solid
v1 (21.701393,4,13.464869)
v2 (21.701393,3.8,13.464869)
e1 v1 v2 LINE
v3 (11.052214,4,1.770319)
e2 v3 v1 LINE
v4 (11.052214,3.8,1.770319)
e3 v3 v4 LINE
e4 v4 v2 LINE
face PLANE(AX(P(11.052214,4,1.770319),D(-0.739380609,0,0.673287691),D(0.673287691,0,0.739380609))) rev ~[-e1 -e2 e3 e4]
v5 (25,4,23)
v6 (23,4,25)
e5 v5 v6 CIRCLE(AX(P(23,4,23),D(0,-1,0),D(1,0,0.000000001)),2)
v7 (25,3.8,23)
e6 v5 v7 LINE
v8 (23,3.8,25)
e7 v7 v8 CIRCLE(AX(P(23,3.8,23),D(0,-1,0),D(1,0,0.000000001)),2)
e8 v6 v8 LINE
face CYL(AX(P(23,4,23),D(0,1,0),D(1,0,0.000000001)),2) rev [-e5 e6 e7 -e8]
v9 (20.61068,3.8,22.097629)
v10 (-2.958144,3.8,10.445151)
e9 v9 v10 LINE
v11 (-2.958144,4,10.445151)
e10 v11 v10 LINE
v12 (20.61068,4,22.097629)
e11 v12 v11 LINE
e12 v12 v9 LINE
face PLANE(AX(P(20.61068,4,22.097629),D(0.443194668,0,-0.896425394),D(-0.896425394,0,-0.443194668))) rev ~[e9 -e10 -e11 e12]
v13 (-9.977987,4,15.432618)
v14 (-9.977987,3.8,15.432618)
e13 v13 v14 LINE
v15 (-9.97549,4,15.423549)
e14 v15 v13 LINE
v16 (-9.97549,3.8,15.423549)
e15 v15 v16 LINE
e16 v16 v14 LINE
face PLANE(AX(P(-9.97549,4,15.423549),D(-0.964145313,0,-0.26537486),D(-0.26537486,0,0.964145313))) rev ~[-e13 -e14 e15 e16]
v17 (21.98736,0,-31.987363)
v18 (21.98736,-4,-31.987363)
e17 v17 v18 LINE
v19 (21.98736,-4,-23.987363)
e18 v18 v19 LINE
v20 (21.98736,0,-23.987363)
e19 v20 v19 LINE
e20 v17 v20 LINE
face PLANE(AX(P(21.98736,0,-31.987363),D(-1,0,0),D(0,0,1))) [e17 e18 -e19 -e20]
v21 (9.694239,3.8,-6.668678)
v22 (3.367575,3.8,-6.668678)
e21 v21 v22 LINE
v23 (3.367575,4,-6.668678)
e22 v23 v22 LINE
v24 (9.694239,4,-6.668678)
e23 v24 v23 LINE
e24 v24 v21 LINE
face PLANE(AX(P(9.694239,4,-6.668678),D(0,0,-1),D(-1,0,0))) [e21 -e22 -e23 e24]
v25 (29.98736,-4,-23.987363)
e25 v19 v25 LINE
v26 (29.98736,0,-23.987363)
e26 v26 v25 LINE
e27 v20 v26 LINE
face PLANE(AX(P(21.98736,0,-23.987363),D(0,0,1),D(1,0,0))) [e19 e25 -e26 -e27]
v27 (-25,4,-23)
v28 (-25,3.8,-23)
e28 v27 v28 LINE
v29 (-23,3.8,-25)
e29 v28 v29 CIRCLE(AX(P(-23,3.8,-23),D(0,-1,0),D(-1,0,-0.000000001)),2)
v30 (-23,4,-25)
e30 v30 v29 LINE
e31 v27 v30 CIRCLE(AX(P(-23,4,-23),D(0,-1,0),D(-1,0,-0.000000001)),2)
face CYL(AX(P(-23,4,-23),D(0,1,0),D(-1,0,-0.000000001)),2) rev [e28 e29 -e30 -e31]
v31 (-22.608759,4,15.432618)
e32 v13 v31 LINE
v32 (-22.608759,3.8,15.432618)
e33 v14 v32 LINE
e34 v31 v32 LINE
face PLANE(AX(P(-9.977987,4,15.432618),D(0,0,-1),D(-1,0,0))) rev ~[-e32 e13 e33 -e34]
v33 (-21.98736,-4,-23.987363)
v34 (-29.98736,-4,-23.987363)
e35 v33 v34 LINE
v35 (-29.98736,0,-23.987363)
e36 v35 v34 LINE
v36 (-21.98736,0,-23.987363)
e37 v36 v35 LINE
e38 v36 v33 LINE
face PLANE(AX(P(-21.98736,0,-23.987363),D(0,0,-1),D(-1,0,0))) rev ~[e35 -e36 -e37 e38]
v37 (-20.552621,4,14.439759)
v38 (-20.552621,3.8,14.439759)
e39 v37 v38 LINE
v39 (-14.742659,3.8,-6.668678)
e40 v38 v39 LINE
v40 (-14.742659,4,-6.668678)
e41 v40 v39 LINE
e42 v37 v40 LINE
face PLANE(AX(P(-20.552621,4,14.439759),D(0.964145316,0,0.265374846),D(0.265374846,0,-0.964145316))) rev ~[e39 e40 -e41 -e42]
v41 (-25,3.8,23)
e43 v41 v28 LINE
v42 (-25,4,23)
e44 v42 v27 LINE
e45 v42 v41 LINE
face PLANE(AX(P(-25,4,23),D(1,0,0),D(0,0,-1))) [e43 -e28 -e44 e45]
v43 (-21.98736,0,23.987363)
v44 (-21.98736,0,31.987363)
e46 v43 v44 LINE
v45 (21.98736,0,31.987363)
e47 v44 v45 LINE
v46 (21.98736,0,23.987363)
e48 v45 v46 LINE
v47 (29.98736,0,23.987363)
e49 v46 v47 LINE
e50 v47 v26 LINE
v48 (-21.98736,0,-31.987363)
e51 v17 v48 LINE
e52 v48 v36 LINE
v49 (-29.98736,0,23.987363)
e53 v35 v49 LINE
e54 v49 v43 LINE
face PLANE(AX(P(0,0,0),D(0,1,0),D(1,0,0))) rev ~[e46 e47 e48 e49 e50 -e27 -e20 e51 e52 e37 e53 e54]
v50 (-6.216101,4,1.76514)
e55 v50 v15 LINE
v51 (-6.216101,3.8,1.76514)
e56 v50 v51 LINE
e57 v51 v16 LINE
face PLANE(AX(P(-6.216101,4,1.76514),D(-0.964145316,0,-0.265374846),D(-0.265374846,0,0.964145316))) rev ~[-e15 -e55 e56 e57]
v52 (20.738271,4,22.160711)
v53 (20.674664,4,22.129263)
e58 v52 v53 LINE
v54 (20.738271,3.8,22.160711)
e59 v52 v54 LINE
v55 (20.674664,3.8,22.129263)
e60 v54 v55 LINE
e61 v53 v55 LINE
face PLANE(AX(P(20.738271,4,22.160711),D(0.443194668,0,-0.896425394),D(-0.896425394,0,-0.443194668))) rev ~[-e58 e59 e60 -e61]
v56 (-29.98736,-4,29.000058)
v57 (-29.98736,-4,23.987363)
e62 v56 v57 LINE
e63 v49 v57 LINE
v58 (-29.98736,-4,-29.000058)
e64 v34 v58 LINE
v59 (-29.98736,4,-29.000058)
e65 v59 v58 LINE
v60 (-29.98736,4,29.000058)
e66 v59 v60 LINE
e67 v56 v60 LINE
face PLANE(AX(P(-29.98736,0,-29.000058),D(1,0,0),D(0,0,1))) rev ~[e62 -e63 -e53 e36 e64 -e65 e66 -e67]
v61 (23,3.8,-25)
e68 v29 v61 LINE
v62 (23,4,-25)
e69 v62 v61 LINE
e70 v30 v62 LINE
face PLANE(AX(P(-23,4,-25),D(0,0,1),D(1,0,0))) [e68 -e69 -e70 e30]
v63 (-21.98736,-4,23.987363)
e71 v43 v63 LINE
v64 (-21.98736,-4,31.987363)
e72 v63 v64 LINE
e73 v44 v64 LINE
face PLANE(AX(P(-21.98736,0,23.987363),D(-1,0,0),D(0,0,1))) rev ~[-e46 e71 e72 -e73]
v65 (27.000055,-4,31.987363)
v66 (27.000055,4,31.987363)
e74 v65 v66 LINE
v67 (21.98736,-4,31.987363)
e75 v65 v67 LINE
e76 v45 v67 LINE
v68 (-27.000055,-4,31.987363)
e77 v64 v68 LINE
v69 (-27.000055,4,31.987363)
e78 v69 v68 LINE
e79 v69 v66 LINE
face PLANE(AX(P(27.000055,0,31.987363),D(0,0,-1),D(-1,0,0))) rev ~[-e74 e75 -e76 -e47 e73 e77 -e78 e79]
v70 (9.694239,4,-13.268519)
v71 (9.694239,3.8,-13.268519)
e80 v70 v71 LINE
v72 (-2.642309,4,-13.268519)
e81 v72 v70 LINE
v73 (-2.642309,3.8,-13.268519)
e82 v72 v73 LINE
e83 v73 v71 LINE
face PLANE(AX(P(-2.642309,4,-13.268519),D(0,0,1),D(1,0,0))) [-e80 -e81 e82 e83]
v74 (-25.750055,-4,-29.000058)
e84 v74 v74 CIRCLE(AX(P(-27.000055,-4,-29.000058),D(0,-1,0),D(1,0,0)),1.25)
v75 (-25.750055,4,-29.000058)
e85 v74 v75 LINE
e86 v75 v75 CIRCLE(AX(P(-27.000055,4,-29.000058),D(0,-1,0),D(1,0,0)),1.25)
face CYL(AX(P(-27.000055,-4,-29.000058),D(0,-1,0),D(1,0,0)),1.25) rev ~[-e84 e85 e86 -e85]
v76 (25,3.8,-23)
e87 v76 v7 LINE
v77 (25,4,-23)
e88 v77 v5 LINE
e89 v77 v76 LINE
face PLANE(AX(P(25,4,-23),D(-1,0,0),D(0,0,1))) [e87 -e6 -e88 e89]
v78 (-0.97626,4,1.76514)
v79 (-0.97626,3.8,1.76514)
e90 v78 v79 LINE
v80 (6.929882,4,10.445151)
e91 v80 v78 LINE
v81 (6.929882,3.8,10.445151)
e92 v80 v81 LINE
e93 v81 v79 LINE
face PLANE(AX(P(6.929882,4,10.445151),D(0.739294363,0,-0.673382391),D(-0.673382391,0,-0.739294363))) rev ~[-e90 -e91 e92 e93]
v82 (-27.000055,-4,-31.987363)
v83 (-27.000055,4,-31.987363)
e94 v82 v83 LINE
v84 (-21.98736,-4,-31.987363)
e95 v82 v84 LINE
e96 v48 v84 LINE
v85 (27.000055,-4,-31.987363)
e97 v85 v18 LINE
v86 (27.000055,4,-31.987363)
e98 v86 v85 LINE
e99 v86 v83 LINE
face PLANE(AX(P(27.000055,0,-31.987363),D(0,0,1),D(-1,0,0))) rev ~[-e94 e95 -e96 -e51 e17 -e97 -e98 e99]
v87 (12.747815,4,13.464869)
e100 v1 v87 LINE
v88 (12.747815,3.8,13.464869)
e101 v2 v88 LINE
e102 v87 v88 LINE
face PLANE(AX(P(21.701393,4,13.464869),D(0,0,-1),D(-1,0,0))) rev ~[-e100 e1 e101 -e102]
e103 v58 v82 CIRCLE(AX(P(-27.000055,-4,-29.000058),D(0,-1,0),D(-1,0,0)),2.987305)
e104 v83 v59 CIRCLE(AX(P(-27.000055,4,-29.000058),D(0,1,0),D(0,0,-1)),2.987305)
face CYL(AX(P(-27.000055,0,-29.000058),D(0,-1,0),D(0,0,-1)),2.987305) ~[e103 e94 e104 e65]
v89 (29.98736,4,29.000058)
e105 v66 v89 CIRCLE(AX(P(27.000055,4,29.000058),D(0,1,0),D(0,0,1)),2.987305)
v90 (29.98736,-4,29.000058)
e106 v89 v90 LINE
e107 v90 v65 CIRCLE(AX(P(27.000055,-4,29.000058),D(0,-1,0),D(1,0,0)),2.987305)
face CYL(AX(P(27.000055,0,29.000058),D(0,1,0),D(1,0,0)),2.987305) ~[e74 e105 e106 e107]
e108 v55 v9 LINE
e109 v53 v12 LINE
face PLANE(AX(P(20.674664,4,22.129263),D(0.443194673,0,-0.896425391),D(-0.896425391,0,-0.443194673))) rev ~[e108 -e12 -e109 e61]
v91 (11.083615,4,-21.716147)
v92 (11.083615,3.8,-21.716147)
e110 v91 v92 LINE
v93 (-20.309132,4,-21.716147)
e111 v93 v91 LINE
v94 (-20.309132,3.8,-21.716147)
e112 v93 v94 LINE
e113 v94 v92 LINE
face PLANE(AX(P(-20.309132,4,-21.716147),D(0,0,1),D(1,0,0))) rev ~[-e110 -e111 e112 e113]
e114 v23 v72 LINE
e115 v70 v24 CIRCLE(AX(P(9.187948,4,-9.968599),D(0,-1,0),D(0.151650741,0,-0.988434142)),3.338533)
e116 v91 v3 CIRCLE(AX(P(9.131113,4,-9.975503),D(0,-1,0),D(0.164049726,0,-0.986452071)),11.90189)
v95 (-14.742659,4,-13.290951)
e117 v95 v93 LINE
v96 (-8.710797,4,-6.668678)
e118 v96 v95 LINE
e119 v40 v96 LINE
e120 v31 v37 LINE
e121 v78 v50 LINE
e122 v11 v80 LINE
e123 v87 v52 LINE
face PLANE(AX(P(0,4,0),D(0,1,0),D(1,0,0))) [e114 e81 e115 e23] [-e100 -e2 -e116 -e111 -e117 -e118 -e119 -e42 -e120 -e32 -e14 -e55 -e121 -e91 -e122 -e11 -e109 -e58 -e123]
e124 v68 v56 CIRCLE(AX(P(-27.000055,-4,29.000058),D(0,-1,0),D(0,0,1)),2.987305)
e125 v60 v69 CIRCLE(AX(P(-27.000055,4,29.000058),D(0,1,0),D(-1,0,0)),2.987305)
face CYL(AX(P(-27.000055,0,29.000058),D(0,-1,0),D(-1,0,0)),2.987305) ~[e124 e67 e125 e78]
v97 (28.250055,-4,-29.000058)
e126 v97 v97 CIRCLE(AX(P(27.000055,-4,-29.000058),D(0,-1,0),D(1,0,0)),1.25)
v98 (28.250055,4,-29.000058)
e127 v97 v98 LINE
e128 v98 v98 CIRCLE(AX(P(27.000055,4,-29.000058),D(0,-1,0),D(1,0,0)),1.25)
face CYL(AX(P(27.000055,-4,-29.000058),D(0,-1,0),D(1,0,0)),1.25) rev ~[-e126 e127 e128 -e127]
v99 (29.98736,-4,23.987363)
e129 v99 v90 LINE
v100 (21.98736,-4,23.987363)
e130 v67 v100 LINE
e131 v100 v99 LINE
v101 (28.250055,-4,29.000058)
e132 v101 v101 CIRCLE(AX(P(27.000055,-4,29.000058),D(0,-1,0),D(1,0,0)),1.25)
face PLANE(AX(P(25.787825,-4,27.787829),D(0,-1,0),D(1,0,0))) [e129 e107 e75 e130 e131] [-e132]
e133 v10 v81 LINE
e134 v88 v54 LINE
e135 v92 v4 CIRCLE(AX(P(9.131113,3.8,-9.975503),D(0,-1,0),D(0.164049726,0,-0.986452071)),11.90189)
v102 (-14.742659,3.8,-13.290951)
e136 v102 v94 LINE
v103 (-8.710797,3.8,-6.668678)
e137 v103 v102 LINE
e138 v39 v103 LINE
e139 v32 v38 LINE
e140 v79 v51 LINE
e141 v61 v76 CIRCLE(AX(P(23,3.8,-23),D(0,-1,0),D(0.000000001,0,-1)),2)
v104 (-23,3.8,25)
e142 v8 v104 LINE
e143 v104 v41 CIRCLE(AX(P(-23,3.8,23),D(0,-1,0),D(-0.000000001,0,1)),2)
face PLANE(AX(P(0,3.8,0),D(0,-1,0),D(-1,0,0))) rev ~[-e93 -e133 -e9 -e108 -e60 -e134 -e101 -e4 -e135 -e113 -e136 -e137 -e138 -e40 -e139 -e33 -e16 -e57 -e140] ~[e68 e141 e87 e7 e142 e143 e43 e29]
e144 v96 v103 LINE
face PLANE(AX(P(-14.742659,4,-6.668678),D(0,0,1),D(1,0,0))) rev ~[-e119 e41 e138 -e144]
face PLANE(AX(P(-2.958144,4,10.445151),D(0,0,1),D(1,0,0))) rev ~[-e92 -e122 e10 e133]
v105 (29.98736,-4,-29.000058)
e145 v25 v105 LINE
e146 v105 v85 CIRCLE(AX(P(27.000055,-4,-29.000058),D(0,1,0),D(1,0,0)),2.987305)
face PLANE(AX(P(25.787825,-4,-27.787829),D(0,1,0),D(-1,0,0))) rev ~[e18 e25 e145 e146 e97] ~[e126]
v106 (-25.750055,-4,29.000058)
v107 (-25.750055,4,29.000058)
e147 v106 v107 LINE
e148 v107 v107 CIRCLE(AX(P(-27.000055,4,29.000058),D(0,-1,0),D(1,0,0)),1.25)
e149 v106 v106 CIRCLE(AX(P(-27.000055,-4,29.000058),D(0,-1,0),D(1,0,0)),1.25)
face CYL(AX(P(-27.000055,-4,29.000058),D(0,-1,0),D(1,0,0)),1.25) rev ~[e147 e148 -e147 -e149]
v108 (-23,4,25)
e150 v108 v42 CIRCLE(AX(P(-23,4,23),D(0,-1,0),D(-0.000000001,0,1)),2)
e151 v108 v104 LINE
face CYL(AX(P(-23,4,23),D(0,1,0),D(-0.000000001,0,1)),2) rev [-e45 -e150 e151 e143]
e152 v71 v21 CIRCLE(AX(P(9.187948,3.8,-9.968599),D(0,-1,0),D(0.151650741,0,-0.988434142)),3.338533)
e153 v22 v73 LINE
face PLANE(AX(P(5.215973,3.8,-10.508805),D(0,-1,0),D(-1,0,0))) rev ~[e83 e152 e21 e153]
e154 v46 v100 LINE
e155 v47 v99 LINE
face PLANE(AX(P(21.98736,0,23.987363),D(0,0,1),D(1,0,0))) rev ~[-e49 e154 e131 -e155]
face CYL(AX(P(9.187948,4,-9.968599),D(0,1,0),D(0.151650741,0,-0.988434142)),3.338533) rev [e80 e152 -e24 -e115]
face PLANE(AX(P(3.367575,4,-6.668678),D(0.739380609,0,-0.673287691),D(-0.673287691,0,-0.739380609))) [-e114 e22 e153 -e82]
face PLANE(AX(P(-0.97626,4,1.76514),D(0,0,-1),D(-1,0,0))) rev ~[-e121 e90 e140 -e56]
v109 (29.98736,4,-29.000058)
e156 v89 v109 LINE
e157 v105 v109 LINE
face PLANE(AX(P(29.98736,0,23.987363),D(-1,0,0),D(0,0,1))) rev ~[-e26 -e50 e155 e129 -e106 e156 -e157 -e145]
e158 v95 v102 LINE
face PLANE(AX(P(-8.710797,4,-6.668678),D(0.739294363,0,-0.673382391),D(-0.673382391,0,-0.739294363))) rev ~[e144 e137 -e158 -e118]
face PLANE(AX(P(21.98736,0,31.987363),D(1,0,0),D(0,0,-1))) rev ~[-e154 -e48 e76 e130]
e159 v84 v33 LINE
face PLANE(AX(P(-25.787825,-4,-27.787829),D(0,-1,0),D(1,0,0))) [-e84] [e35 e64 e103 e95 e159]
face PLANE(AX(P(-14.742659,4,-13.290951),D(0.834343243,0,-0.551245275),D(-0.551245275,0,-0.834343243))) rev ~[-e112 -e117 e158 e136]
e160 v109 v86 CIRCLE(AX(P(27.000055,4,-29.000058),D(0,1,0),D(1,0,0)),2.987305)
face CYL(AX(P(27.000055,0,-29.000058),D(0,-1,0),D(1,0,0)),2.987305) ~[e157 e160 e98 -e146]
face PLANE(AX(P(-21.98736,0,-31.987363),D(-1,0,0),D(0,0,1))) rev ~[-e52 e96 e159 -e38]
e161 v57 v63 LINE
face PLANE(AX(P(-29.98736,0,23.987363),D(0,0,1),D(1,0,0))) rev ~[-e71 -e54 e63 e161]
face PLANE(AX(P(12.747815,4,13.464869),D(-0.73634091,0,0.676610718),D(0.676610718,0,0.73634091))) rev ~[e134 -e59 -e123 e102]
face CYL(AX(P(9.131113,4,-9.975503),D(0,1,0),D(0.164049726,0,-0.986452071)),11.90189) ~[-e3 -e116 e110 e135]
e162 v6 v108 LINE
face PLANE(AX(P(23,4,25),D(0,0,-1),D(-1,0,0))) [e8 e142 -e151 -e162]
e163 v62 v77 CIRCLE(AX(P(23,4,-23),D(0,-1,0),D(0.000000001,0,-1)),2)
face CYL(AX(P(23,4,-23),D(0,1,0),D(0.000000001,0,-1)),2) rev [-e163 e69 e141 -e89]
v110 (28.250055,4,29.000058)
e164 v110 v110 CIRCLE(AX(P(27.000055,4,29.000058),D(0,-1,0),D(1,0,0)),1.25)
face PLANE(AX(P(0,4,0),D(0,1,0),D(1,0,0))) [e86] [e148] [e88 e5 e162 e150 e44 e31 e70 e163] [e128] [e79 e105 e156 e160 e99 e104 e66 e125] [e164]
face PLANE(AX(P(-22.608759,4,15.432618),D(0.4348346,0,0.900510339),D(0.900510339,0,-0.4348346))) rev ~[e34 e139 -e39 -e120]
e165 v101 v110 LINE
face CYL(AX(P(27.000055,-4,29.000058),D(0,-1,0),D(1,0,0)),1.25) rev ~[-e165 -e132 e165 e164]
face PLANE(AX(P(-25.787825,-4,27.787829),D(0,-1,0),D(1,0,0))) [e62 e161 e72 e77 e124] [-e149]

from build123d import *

# Parameters (mm, degrees)
EXTRUDE_1_DEPTH     = 4
EXTRUDE_2_DEPTH     = 4
SKETCH_3_R          = 1.25
CUT_EXTRUDE_1_DEPTH = 15
CUT_EXTRUDE_2_DEPTH = 0.2


with BuildPart() as part:
    # 草图1 → 凸台-拉伸1 (new body)
    with BuildSketch(Plane(origin=(0, 0, 0), x_dir=(1, 0, 0), z_dir=(0, 1, 0))):
        with BuildLine():
            Line((-27.00005461, -31.987363475), (27.00005461, -31.987363475))
            ThreePointArc((27.00005461, -31.987363475), (29.112398272, -31.112402082), (29.987359665, -29.00005842))
            Line((29.987359665, -29.00005842), (29.987359665, 29.00005842))
            ThreePointArc((29.987359665, 29.00005842), (29.112398272, 31.112402082), (27.00005461, 31.987363475))
            Line((27.00005461, 31.987363475), (-27.00005461, 31.987363475))
            ThreePointArc((-27.00005461, 31.987363475), (-29.112398272, 31.112402082), (-29.987359665, 29.00005842))
            Line((-29.987359665, 29.00005842), (-29.987359665, -29.00005842))
            ThreePointArc((-29.987359665, -29.00005842), (-29.112398272, -31.112402082), (-27.00005461, -31.987363475))
        make_face()
    extrude(amount=EXTRUDE_1_DEPTH)

    # 草图2 → 凸台-拉伸2 (add)
    with BuildSketch(Plane.XZ):
        with BuildLine():
            Line((21.987359665, 23.987363475), (29.987359665, 23.987363475))
            Line((29.987359665, 23.987363475), (29.987359665, 29.00005842))
            ThreePointArc((29.987359665, 29.00005842), (29.112398272, 31.112402082), (27.00005461, 31.987363475))
            Line((27.00005461, 31.987363475), (21.987359665, 31.987363475))
            Line((21.987359665, 31.987363475), (21.987359665, 23.987363475))
        make_face()
        with BuildLine():
            Line((27.00005461, -31.987363475), (21.987359665, -31.987363475))
            Line((21.987359665, -31.987363475), (21.987359665, -23.987363475))
            Line((21.987359665, -23.987363475), (29.987359665, -23.987363475))
            Line((29.987359665, -23.987363475), (29.987359665, -29.00005842))
            ThreePointArc((29.987359665, -29.00005842), (29.112398272, -31.112402082), (27.00005461, -31.987363475))
        make_face()
        with BuildLine():
            Line((-21.987359665, 23.987363475), (-21.987359665, 31.987363475))
            Line((-21.987359665, 31.987363475), (-27.00005461, 31.987363475))
            ThreePointArc((-27.00005461, 31.987363475), (-29.112398272, 31.112402082), (-29.987359665, 29.00005842))
            Line((-29.987359665, 29.00005842), (-29.987359665, 23.987363475))
            Line((-29.987359665, 23.987363475), (-21.987359665, 23.987363475))
        make_face()
        with BuildLine():
            Line((-29.987359665, -23.987363475), (-29.987359665, -29.00005842))
            ThreePointArc((-29.987359665, -29.00005842), (-29.112398272, -31.112402082), (-27.00005461, -31.987363475))
            Line((-27.00005461, -31.987363475), (-21.987359665, -31.987363475))
            Line((-21.987359665, -31.987363475), (-21.987359665, -23.987363475))
            Line((-21.987359665, -23.987363475), (-29.987359665, -23.987363475))
        make_face()
    extrude(amount=EXTRUDE_2_DEPTH)

    # 草图3 → 切除-拉伸1 (cut)
    with BuildSketch(Plane.XZ.offset(4)):
        with Locations((-27.00005461, 29.00005842)):
            Circle(SKETCH_3_R)
        with Locations((27.00005461, 29.00005842)):
            Circle(SKETCH_3_R)
        with Locations((27.00005461, -29.00005842)):
            Circle(SKETCH_3_R)
        with Locations((-27.00005461, -29.00005842)):
            Circle(SKETCH_3_R)
    extrude(amount=-CUT_EXTRUDE_1_DEPTH, mode=Mode.SUBTRACT)

    # 草图5 → 切除-拉伸2 (cut)
    with BuildSketch(Plane(origin=(0, 4, 0), x_dir=(1, 0, 0), z_dir=(0, 1, 0))):
        with BuildLine():
            Line((-23, 25), (23, 25))
            ThreePointArc((23, 25), (24.414213562, 24.414213562), (25, 23))
            Line((25, 23), (25, -23))
            ThreePointArc((25, -23), (24.414213562, -24.414213562), (23, -25))
            Line((23, -25), (-23, -25))
            ThreePointArc((-23, -25), (-24.414213562, -24.414213562), (-25, -23))
            Line((-25, -23), (-25, 23))
            ThreePointArc((-25, 23), (-24.414213562, 24.414213562), (-23, 25))
        make_face()
        with BuildLine():
            Line((-20.309132479, 21.7161472), (11.083615015, 21.7161472))
            ThreePointArc((11.083615015, 21.7161472), (21.032992317, 9.959590783), (11.052213822, -1.770319196))
            Line((11.052213822, -1.770319196), (21.701392553, -13.464868734))
            Line((21.701392553, -13.464868734), (12.747815073, -13.464868734))
            Line((12.747815073, -13.464868734), (20.738271333, -22.160710638))
            Line((20.738271333, -22.160710638), (20.674664, -22.129263034))
            Line((20.674664, -22.129263034), (20.610679736, -22.097629074))
            Line((20.610679736, -22.097629074), (-2.958144095, -10.445151208))
            Line((-2.958144095, -10.445151208), (6.929882372, -10.445151208))
            Line((6.929882372, -10.445151208), (-0.976260078, -1.765140225))
            Line((-0.976260078, -1.765140225), (-6.216100572, -1.765140225))
            Line((-6.216100572, -1.765140225), (-9.975490326, -15.423548609))
            Line((-9.975490326, -15.423548609), (-9.977986633, -15.432618054))
            Line((-9.977986633, -15.432618054), (-22.608758584, -15.432618054))
            Line((-22.608758584, -15.432618054), (-20.552621384, -14.439759274))
            Line((-20.552621384, -14.439759274), (-14.742658641, 6.668678272))
            Line((-14.742658641, 6.668678272), (-8.710796679, 6.668678272))
            Line((-8.710796679, 6.668678272), (-14.742658641, 13.290950565))
            Line((-14.742658641, 13.290950565), (-20.309132479, 21.7161472))
        make_face(mode=Mode.SUBTRACT)
        with BuildLine():
            Line((3.367574747, 6.668678272), (-2.642308815, 13.268518768))
            Line((-2.642308815, 13.268518768), (9.694238704, 13.268518768))
            ThreePointArc((9.694238704, 13.268518768), (12.526480913, 9.96859852), (9.694238704, 6.668678272))
            Line((9.694238704, 6.668678272), (3.367574747, 6.668678272))
        make_face()
    extrude(amount=-CUT_EXTRUDE_2_DEPTH, mode=Mode.SUBTRACT)


solid = part.part
